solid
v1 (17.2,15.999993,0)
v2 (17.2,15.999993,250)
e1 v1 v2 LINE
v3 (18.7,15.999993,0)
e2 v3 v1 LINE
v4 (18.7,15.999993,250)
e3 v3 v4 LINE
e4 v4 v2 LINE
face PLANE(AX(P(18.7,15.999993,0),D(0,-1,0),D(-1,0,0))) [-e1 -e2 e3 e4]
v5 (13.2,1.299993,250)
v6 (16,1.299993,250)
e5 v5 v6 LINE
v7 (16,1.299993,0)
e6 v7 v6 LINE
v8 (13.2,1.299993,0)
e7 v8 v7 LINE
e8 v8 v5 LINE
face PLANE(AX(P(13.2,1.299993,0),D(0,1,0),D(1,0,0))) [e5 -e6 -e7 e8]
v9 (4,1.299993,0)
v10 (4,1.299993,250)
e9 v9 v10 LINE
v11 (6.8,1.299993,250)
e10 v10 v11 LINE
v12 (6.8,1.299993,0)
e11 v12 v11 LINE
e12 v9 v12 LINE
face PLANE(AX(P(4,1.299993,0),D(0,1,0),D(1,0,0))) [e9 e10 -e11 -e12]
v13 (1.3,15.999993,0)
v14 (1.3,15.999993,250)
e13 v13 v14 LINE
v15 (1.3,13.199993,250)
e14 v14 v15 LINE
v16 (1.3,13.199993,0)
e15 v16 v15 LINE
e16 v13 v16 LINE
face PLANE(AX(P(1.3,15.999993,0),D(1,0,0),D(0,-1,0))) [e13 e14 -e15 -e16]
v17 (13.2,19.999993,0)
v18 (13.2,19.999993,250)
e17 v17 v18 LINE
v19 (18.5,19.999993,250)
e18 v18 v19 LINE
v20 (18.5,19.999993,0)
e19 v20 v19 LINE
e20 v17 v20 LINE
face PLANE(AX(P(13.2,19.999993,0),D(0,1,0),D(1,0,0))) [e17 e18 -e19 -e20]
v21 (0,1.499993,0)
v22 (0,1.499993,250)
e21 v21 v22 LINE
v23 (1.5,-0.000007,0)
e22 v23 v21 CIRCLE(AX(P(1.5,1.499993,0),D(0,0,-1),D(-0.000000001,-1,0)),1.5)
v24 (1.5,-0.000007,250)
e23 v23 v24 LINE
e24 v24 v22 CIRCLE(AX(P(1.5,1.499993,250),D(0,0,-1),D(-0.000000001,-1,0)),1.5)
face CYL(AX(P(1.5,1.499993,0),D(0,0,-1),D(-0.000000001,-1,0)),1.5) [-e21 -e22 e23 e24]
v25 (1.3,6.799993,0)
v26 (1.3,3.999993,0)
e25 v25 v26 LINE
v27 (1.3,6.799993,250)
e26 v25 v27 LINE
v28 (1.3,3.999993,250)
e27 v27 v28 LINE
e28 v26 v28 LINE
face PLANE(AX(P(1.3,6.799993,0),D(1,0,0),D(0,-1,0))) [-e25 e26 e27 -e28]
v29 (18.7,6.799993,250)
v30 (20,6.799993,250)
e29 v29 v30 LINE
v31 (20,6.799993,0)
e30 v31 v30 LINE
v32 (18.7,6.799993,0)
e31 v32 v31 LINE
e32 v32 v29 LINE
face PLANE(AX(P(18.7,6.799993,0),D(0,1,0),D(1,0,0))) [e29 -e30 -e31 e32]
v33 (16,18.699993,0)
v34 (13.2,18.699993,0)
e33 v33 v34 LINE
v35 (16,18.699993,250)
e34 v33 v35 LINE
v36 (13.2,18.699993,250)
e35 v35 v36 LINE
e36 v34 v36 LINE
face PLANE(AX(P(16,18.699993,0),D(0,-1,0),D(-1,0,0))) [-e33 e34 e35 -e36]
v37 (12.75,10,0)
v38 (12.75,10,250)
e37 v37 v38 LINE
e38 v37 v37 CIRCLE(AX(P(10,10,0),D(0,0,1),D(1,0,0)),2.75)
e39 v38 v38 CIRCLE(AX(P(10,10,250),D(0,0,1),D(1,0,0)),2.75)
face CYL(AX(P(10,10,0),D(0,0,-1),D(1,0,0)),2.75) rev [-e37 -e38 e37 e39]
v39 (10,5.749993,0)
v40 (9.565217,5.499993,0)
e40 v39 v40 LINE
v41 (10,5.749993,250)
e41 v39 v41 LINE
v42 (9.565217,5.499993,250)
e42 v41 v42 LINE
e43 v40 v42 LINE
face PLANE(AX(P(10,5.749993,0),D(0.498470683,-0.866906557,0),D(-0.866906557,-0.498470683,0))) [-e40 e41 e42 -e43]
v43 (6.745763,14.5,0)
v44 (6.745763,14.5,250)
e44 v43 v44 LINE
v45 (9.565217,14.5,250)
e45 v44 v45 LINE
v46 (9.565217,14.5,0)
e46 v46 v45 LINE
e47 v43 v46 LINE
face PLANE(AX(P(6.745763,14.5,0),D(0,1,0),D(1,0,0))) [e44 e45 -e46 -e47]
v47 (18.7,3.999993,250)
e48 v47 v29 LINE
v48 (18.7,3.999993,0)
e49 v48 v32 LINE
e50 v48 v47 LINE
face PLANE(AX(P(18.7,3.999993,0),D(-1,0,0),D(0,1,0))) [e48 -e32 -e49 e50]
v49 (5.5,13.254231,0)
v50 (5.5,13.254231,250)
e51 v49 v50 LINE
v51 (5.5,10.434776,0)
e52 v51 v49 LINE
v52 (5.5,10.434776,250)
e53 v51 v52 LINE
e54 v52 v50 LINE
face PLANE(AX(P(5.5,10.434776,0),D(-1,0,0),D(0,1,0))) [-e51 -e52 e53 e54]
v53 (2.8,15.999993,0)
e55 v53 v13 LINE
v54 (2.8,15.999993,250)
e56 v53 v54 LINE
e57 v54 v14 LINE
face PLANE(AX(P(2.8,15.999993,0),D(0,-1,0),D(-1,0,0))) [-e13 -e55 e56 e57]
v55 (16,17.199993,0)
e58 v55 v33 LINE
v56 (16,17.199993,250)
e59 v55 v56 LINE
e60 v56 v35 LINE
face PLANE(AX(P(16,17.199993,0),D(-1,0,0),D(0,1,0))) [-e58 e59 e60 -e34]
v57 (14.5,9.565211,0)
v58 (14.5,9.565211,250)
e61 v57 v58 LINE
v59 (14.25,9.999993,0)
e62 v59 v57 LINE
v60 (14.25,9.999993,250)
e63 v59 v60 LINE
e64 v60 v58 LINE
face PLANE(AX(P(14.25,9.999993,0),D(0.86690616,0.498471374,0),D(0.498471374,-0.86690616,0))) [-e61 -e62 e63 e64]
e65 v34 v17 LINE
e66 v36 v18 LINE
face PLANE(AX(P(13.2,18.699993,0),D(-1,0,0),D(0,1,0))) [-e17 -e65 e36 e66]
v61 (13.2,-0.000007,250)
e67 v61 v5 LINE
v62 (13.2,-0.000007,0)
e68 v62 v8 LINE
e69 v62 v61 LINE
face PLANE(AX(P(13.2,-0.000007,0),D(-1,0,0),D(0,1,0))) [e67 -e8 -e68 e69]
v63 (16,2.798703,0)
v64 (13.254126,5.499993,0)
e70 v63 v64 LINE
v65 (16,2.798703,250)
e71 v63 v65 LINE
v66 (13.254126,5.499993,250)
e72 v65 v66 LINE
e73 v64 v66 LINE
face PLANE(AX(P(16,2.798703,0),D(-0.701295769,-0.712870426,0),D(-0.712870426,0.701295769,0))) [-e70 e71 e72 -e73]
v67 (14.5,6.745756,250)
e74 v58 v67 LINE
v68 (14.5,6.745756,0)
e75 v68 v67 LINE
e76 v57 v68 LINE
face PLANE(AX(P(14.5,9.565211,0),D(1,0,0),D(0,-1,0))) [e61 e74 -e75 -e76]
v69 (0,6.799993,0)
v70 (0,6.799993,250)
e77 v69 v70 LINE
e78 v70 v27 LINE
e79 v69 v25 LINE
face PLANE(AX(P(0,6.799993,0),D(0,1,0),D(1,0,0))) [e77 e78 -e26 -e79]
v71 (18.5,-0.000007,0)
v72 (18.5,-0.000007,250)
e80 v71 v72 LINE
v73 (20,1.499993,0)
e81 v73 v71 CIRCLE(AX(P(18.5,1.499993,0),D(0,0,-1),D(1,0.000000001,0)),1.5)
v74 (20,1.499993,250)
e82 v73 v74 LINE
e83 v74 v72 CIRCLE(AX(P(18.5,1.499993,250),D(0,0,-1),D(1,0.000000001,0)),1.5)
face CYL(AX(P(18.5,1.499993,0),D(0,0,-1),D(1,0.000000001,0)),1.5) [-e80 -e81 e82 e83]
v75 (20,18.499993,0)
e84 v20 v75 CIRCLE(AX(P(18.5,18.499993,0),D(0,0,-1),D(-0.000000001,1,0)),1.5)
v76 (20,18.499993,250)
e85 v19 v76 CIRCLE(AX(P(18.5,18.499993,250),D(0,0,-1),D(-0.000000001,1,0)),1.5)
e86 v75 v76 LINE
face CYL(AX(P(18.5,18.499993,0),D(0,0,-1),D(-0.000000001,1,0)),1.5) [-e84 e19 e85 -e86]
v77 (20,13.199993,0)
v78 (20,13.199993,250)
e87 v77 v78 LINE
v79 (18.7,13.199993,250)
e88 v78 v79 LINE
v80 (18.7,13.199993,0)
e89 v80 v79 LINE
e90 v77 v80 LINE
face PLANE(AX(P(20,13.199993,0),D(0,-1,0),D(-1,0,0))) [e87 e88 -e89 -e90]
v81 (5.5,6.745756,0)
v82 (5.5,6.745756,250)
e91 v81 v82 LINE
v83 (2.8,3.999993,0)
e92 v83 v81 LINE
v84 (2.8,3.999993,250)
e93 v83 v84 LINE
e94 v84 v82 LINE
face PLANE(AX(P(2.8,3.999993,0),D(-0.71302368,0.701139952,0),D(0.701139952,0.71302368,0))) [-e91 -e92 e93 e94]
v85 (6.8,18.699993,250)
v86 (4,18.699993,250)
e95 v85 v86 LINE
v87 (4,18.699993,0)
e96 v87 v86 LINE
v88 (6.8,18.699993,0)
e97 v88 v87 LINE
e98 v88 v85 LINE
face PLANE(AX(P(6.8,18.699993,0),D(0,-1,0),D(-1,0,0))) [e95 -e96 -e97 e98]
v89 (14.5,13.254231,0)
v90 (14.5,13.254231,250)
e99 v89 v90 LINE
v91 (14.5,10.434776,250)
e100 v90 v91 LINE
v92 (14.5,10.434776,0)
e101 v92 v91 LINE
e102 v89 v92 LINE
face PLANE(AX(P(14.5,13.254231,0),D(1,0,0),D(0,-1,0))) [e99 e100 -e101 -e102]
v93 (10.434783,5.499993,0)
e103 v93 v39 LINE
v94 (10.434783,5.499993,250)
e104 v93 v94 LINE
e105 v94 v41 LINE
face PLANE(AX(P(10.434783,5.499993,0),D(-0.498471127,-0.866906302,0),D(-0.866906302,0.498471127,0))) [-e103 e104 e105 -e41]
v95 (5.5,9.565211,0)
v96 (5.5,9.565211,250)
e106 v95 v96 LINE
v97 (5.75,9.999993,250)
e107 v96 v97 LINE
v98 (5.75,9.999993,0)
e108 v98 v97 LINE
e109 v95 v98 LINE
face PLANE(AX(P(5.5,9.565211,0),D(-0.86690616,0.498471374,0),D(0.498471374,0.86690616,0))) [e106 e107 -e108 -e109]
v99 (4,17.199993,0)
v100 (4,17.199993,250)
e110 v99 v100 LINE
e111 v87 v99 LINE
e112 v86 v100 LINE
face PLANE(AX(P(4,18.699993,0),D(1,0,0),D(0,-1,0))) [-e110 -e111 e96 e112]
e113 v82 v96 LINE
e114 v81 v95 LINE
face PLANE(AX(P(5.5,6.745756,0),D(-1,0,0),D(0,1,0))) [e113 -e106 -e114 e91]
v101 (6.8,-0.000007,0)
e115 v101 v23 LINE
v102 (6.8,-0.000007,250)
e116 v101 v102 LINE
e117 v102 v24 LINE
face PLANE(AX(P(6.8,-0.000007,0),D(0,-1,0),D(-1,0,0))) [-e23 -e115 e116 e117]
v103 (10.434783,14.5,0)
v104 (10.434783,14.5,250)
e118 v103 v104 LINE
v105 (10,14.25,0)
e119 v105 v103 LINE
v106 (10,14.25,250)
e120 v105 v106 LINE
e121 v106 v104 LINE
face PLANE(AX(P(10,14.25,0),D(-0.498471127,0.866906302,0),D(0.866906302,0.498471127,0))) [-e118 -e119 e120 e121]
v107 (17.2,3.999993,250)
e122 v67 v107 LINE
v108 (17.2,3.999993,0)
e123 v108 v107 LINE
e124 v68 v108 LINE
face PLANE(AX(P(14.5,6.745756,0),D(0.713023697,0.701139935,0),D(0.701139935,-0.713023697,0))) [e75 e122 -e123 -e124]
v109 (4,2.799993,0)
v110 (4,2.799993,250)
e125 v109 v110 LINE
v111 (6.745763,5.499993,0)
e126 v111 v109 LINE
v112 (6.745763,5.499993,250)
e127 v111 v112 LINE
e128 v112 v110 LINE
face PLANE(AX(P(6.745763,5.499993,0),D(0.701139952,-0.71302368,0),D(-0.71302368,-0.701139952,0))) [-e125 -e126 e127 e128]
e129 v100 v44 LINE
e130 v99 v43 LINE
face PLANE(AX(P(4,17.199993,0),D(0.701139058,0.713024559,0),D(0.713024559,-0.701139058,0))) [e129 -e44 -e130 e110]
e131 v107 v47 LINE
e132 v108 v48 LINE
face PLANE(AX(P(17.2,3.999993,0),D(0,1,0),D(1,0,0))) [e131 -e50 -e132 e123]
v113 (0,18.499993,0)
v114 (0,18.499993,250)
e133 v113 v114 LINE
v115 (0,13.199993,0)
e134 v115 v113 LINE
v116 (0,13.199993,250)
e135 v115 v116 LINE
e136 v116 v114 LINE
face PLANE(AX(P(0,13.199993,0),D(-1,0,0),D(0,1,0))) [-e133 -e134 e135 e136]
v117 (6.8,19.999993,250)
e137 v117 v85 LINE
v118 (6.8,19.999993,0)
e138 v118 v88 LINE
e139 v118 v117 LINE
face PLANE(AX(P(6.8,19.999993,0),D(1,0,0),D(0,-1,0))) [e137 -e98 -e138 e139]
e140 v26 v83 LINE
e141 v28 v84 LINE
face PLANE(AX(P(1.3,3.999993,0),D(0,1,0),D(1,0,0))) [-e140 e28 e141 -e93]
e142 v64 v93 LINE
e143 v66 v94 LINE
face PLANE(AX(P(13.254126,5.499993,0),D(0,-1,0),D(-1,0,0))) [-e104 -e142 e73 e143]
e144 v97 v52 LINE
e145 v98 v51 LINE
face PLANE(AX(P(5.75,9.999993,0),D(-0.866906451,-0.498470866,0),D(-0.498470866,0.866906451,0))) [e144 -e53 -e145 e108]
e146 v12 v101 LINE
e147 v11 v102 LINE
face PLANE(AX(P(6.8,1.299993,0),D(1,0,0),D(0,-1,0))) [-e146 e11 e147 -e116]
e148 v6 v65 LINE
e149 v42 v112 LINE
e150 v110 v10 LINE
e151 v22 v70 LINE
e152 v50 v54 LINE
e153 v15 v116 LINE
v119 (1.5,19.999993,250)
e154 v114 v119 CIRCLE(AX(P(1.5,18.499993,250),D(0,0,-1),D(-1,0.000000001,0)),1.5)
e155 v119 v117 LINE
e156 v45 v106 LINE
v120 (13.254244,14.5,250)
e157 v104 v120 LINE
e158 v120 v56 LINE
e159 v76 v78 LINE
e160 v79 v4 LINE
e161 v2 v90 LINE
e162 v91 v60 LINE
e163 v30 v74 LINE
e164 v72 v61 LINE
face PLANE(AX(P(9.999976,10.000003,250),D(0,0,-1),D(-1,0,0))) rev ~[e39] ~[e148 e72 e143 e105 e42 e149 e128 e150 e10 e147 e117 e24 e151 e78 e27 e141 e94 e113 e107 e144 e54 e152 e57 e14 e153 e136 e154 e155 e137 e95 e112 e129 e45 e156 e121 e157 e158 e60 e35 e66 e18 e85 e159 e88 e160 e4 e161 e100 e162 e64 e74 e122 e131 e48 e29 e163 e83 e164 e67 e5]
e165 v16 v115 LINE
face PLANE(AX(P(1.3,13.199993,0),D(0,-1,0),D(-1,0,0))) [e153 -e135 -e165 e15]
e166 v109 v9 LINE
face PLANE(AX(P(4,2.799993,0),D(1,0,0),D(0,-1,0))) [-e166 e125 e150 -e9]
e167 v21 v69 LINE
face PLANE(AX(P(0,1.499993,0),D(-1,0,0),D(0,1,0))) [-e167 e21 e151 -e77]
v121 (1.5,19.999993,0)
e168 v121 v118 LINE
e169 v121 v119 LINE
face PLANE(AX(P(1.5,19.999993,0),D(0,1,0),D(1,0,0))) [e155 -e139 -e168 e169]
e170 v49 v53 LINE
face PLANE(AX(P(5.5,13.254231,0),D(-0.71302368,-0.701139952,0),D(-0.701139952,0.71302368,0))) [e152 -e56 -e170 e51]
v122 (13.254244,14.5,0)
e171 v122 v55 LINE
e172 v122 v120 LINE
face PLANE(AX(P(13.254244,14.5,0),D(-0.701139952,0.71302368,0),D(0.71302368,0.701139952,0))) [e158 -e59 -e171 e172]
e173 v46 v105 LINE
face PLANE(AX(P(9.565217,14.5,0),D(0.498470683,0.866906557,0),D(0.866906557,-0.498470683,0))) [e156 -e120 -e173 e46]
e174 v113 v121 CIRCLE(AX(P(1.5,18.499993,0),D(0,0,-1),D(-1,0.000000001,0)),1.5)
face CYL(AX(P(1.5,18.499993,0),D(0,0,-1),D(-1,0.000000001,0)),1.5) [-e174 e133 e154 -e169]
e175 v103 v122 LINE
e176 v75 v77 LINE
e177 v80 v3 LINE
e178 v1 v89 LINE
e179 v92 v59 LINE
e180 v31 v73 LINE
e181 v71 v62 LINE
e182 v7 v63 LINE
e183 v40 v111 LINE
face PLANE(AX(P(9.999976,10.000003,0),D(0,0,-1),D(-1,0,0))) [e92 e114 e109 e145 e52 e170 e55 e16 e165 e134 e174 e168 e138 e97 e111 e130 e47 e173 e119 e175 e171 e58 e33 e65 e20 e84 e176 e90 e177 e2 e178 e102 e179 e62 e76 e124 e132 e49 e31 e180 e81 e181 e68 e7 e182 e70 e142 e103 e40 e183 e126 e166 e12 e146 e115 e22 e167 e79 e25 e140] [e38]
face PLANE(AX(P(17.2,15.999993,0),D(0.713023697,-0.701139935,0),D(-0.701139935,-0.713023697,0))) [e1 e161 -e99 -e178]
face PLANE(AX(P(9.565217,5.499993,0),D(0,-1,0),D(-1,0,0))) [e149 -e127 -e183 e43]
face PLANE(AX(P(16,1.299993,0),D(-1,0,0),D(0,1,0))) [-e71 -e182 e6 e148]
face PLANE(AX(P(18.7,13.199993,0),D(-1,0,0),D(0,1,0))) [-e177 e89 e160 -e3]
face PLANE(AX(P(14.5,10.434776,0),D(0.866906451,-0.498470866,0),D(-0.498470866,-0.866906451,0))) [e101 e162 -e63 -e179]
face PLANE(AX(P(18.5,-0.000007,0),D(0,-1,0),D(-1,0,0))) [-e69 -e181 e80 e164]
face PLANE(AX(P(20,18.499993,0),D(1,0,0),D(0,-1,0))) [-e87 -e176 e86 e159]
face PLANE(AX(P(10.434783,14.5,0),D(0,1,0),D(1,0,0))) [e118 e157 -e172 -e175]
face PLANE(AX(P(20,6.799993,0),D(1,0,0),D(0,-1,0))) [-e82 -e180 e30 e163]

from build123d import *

# Parameters (mm, degrees)
MODEL_R             = 2.75
BOSS_EXTRUDE1_DEPTH = 250


with BuildPart() as part:
    # Model → Boss-Extrude1 (new body)
    with BuildSketch(Plane.XY):
        with BuildLine():
            Line((1.499999935, 19.99999323), (6.799999935, 19.99999323))
            Line((6.799999935, 19.99999323), (6.799999935, 18.69999323))
            Line((6.799999935, 18.69999323), (3.999999935, 18.69999323))
            Line((3.999999935, 18.69999323), (3.999999935, 17.19999323))
            Line((3.999999935, 17.19999323), (6.745762647, 14.5))
            Line((6.745762647, 14.5), (9.565216879, 14.5))
            Line((9.565216879, 14.5), (10, 14.25))
            Line((10, 14.25), (10.434782606, 14.5))
            Line((10.434782606, 14.5), (13.254244108, 14.5))
            Line((13.254244108, 14.5), (15.999999935, 17.19999323))
            Line((15.999999935, 17.19999323), (15.999999935, 18.69999323))
            Line((15.999999935, 18.69999323), (13.199999935, 18.69999323))
            Line((13.199999935, 18.69999323), (13.199999935, 19.99999323))
            Line((13.199999935, 19.99999323), (18.499999935, 19.99999323))
            ThreePointArc((18.499999935, 19.99999323), (19.560660107, 19.560653402), (19.999999935, 18.49999323))
            Line((19.999999935, 18.49999323), (19.999999935, 13.19999323))
            Line((19.999999935, 13.19999323), (18.699999935, 13.19999323))
            Line((18.699999935, 13.19999323), (18.699999935, 15.99999323))
            Line((18.699999935, 15.99999323), (17.199999935, 15.99999323))
            Line((17.199999935, 15.99999323), (14.500000065, 13.254230518))
            Line((14.500000065, 13.254230518), (14.500000065, 10.434776138))
            Line((14.500000065, 10.434776138), (14.250000065, 9.99999323))
            Line((14.250000065, 9.99999323), (14.500000065, 9.565210911))
            Line((14.500000065, 9.565210911), (14.500000065, 6.745755942))
            Line((14.500000065, 6.745755942), (17.199999935, 3.99999323))
            Line((17.199999935, 3.99999323), (18.699999935, 3.99999323))
            Line((18.699999935, 3.99999323), (18.699999935, 6.79999323))
            Line((18.699999935, 6.79999323), (19.999999935, 6.79999323))
            Line((19.999999935, 6.79999323), (19.999999935, 1.49999323))
            ThreePointArc((19.999999935, 1.49999323), (19.560660107, 0.439333058), (18.499999935, -6.77e-06))
            Line((18.499999935, -6.77e-06), (13.199999935, -6.77e-06))
            Line((13.199999935, -6.77e-06), (13.199999935, 1.29999323))
            Line((13.199999935, 1.29999323), (15.999999935, 1.29999323))
            Line((15.999999935, 1.29999323), (15.999999935, 2.798703306))
            Line((15.999999935, 2.798703306), (13.254126104, 5.49999323))
            Line((13.254126104, 5.49999323), (10.434782606, 5.49999323))
            Line((10.434782606, 5.49999323), (10, 5.74999323))
            Line((10, 5.74999323), (9.565216879, 5.49999323))
            Line((9.565216879, 5.49999323), (6.745762647, 5.49999323))
            Line((6.745762647, 5.49999323), (3.999999935, 2.79999323))
            Line((3.999999935, 2.79999323), (3.999999935, 1.29999323))
            Line((3.999999935, 1.29999323), (6.799999935, 1.29999323))
            Line((6.799999935, 1.29999323), (6.799999935, -6.77e-06))
            Line((6.799999935, -6.77e-06), (1.499999935, -6.77e-06))
            ThreePointArc((1.499999935, -6.77e-06), (0.439339764, 0.439333058), (-6.5e-08, 1.49999323))
            Line((-6.5e-08, 1.49999323), (-6.5e-08, 6.79999323))
            Line((-6.5e-08, 6.79999323), (1.299999935, 6.79999323))
            Line((1.299999935, 6.79999323), (1.299999935, 3.99999323))
            Line((1.299999935, 3.99999323), (2.799999935, 3.99999323))
            Line((2.799999935, 3.99999323), (5.499999935, 6.745755942))
            Line((5.499999935, 6.745755942), (5.499999935, 9.565210911))
            Line((5.499999935, 9.565210911), (5.749999935, 9.99999323))
            Line((5.749999935, 9.99999323), (5.499999935, 10.434776138))
            Line((5.499999935, 10.434776138), (5.499999935, 13.254230518))
            Line((5.499999935, 13.254230518), (2.799999935, 15.99999323))
            Line((2.799999935, 15.99999323), (1.299999935, 15.99999323))
            Line((1.299999935, 15.99999323), (1.299999935, 13.19999323))
            Line((1.299999935, 13.19999323), (-6.5e-08, 13.19999323))
            Line((-6.5e-08, 13.19999323), (-6.5e-08, 18.49999323))
            ThreePointArc((-6.5e-08, 18.49999323), (0.439339764, 19.560653402), (1.499999935, 19.99999323))
        make_face()
        with Locations((10, 10)):
            Circle(MODEL_R, mode=Mode.SUBTRACT)
    extrude(amount=BOSS_EXTRUDE1_DEPTH)


solid = part.part
